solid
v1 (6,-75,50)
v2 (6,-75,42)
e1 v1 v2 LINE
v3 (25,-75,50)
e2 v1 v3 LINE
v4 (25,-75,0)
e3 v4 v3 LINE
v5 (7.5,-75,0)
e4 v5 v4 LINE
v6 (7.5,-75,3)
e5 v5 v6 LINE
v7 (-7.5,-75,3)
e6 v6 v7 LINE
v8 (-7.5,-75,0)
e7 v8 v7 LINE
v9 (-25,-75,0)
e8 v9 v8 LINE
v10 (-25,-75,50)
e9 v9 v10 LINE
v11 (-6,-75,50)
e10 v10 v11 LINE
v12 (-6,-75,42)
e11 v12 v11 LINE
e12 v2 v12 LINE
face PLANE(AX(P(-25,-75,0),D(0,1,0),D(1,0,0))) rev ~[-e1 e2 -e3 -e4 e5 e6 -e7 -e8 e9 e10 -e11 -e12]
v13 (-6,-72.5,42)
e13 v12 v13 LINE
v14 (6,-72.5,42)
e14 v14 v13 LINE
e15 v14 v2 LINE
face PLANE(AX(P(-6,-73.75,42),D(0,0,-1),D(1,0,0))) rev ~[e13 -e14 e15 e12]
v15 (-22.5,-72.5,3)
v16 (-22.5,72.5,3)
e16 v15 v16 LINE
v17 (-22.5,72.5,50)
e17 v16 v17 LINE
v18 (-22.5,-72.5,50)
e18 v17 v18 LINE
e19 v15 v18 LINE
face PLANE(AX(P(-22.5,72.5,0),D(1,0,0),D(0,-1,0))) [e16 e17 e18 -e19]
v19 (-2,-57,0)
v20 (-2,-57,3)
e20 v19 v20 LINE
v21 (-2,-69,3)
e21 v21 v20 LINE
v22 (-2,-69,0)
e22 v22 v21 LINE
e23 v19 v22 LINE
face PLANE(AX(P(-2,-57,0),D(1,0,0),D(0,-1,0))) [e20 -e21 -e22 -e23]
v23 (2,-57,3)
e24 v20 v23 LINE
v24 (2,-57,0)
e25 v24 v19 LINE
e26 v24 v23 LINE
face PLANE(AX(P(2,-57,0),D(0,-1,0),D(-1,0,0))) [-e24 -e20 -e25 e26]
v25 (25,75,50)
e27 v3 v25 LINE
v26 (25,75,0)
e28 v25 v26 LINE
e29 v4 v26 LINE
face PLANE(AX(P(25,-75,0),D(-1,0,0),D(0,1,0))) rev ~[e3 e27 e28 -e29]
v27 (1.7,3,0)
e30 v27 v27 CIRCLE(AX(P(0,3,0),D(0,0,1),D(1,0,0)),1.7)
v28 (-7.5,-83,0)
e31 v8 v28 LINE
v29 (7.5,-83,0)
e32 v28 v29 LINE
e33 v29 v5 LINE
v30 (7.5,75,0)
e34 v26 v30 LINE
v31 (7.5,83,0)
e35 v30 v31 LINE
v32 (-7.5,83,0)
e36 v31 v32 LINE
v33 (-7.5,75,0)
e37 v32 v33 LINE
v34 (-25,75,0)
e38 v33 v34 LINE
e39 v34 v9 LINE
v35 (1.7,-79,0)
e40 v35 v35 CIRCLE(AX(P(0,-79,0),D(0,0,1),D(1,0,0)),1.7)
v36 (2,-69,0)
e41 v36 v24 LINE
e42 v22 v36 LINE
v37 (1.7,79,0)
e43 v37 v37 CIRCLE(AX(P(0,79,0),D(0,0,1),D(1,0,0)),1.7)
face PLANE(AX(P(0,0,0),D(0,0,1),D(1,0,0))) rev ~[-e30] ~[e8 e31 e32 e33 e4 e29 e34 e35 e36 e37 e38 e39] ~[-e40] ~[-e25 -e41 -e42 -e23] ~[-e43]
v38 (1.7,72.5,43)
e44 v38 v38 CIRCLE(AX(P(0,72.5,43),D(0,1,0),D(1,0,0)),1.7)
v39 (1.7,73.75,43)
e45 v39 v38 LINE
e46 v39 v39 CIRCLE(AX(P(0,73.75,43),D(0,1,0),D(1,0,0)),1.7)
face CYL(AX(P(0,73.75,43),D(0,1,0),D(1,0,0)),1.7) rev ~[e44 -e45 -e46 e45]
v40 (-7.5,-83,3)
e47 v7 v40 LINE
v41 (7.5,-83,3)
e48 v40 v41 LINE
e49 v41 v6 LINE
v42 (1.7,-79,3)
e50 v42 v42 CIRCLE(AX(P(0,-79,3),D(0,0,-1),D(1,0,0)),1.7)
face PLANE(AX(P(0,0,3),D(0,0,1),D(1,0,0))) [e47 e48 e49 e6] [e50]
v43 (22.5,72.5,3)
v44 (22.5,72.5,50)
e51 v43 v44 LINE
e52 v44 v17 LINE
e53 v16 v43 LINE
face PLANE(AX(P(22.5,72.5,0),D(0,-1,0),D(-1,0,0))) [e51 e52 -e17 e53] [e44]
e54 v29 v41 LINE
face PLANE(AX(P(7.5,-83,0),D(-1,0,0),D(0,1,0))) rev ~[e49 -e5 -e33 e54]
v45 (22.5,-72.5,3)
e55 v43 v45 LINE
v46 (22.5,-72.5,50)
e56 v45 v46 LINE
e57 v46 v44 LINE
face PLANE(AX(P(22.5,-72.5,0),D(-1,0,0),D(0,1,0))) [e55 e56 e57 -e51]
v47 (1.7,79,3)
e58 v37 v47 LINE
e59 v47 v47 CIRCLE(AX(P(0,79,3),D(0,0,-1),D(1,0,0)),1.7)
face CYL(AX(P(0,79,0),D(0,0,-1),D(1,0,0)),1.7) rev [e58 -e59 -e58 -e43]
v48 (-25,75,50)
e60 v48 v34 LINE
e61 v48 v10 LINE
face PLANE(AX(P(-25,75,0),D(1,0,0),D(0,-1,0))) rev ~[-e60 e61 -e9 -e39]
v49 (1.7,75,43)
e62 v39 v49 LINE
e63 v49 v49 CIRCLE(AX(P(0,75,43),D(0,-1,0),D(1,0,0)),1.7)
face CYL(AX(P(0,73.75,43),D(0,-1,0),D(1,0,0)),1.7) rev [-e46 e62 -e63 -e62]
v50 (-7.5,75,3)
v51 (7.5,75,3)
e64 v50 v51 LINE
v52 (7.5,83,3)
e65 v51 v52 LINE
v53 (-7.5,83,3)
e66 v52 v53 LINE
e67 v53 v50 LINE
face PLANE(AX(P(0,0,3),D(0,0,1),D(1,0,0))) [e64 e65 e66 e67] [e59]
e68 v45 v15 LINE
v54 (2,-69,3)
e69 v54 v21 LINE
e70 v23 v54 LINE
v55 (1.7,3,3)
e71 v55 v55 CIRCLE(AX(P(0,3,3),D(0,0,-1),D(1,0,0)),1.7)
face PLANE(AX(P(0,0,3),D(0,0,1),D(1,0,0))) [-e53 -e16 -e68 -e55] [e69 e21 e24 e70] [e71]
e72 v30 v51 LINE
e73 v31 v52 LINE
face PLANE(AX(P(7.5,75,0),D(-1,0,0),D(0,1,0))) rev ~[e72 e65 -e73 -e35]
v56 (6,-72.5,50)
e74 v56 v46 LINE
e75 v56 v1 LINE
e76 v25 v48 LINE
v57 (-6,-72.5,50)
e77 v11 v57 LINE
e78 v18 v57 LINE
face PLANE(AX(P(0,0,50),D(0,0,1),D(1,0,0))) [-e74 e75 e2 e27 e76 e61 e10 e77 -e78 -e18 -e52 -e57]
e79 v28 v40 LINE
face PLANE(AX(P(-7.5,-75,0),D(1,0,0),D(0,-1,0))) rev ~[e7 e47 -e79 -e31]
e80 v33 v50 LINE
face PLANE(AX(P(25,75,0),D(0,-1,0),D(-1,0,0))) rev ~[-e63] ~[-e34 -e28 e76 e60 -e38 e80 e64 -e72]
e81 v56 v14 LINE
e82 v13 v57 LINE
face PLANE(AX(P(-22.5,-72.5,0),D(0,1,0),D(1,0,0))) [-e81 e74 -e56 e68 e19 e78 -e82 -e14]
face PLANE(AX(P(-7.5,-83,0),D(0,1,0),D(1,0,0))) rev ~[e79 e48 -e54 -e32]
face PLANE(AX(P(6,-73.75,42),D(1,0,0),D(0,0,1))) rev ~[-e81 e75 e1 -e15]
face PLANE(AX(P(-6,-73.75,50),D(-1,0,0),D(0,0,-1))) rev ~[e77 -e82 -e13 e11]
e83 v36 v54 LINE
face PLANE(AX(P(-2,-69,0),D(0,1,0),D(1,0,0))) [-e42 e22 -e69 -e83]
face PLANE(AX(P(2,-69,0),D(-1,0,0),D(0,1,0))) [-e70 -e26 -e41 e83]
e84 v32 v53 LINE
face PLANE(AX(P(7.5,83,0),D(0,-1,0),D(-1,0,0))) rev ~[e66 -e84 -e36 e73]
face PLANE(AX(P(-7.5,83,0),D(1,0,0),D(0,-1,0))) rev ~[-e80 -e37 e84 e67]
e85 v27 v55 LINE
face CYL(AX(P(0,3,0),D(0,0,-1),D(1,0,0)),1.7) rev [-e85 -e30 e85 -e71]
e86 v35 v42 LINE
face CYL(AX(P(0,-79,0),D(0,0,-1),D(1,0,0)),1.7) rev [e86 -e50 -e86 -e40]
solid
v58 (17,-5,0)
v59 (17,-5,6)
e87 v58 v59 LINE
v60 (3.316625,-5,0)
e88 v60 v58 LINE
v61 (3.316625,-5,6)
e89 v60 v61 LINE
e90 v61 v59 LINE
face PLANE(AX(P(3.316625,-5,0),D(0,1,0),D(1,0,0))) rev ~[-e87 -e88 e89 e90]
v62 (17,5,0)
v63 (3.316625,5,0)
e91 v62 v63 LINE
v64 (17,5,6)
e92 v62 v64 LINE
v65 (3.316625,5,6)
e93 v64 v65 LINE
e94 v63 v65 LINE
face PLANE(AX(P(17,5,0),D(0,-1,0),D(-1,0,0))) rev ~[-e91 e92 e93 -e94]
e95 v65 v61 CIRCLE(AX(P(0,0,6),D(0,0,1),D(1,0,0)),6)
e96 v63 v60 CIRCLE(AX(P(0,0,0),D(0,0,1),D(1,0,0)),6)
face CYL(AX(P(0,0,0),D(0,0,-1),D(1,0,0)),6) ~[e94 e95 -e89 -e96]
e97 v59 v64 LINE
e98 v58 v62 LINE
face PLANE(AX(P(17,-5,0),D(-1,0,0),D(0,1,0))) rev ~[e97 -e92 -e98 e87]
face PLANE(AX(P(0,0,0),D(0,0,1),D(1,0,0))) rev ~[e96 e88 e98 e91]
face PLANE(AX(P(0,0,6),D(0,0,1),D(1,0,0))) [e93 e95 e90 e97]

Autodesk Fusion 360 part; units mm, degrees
sketch "Sketch1" plane through (0, 0, 0) normal (0, 0, 1) x (1, 0, 0) in component "BATT_LOCK_TRAY_V1"
  line L0 (-25, -75) -> (25, -75)
  line L1 (25, -75) -> (25, 75)
  line L2 (25, 75) -> (-25, 75)
  line L3 (-25, 75) -> (-25, -75)
  line L4 (-22.5, -72.5) -> (22.5, -72.5)
  line L5 (22.5, -72.5) -> (22.5, 72.5)
  line L6 (22.5, 72.5) -> (-22.5, 72.5)
  line L7 (-22.5, 72.5) -> (-22.5, -72.5)
extrude "Extrude1" add sketch "Sketch1" along normal blind 3 contours L0 L1 L2 L3 | L4 L5 L6 L7 makes body 1 in component "BATT_LOCK_TRAY_V1"
extrude "Extrude2" add sketch "Sketch1" along normal blind 50 bodies 1 in component "BATT_LOCK_TRAY_V1"
sketch "Sketch2" plane through (0, 0, 0) normal (0, 0, 1) x (1, 0, 0) in component "BATT_LOCK_TRAY_V1"
  line L0 (-7.5, 75) -> (7.5, 75)
  line L1 (7.5, 75) -> (7.5, 83)
  line L2 (7.5, 83) -> (-7.5, 83)
  line L3 (-7.5, 83) -> (-7.5, 75)
  line L4 (-7.5, -83) -> (7.5, -83)
  line L5 (7.5, -83) -> (7.5, -75)
  line L6 (7.5, -75) -> (-7.5, -75)
  line L7 (-7.5, -75) -> (-7.5, -83)
extrude "Extrude3" add sketch "Sketch2" along normal blind 3 bodies 1 in component "BATT_LOCK_TRAY_V1"
sketch "Sketch3" plane through (0, 0, 0) normal (0, 0, 1) x (1, 0, 0) in component "BATT_LOCK_TRAY_V1"
  circle A0 centre (0, 79) radius 1.7
  circle A1 centre (0, -79) radius 1.7
extrude "Extrude4" cut sketch "Sketch3" along normal blind 5 bodies 1 in component "BATT_LOCK_TRAY_V1"
ref_plane "WorkPlane1" through (0, 73.75, 0) normal (0, 1, 0) x (0, 0, 1) in component "BATT_LOCK_TRAY_V1"
sketch "Sketch4" plane through (0, 73.75, 0) normal (0, 1, 0) x (1, 0, 0) in component "BATT_LOCK_TRAY_V1"
  circle A0 centre (0, -43) radius 1.7
extrude "Extrude5" cut sketch "Sketch4" along normal mid plane 12 bodies 1 in component "BATT_LOCK_TRAY_V1"
ref_plane "WorkPlane2" through (0, -73.75, 0) normal (0, 1, 0) x (0, 0, 1) in component "BATT_LOCK_TRAY_V1"
sketch "Sketch5" plane through (0, -73.75, 0) normal (0, 1, 0) x (1, 0, 0) in component "BATT_LOCK_TRAY_V1"
  line L0 (-6, -42) -> (6, -42)
  line L1 (6, -42) -> (6, -50)
  line L2 (6, -50) -> (-6, -50)
  line L3 (-6, -50) -> (-6, -42)
extrude "Extrude6" cut sketch "Sketch5" along normal mid plane 12 bodies 1 in component "BATT_LOCK_TRAY_V1"
sketch "Sketch6" plane through (0, 0, 0) normal (0, 0, 1) x (1, 0, 0) in component "BATT_LOCK_TRAY_V1"
  line L0 (-2, -69) -> (2, -69)
  line L1 (2, -69) -> (2, -57)
  line L2 (2, -57) -> (-2, -57)
  line L3 (-2, -57) -> (-2, -69)
extrude "Extrude7" cut sketch "Sketch6" along normal blind 4 bodies 1 in component "BATT_LOCK_TRAY_V1"
sketch "Sketch1 (2)" plane through (0, 0, 0) normal (0, 0, 1) x (1, 0, 0) in component "BATT_LOCK_CAM_V2"
  line L0 (0, -5) -> (17, -5)
  line L1 (17, -5) -> (17, 5)
  line L2 (17, 5) -> (0, 5)
  line L3 (0, 5) -> (0, -5)
  circle A0 centre (0, 0) radius 6
extrude "Extrude1'" add sketch "Sketch1 (2)" along normal blind 6 separate body makes body 2 in component "BATT_LOCK_CAM_V2"
sketch "Sketch2 (2)" plane through (0, 0, 0) normal (0, 0, 1) x (1, 0, 0) in component "BATT_LOCK_CAM_V2"
  circle A0 centre (0, 3) radius 1.7
extrude "Extrude8" cut sketch "Sketch2 (2)" along normal blind 8 bodies 1 in component "BATT_LOCK_TRAY_V1"
component "BATT_LOCK_TRAY_V1" placed x (1, 0, 0) y (0, 1, 0) z (0, 0, 1) at (0, 0, 0)
component "BATT_LOCK_CAM_V2" placed x (1, 0, 0) y (0, 1, 0) z (0, 0, 1) at (0, 0, 0)
